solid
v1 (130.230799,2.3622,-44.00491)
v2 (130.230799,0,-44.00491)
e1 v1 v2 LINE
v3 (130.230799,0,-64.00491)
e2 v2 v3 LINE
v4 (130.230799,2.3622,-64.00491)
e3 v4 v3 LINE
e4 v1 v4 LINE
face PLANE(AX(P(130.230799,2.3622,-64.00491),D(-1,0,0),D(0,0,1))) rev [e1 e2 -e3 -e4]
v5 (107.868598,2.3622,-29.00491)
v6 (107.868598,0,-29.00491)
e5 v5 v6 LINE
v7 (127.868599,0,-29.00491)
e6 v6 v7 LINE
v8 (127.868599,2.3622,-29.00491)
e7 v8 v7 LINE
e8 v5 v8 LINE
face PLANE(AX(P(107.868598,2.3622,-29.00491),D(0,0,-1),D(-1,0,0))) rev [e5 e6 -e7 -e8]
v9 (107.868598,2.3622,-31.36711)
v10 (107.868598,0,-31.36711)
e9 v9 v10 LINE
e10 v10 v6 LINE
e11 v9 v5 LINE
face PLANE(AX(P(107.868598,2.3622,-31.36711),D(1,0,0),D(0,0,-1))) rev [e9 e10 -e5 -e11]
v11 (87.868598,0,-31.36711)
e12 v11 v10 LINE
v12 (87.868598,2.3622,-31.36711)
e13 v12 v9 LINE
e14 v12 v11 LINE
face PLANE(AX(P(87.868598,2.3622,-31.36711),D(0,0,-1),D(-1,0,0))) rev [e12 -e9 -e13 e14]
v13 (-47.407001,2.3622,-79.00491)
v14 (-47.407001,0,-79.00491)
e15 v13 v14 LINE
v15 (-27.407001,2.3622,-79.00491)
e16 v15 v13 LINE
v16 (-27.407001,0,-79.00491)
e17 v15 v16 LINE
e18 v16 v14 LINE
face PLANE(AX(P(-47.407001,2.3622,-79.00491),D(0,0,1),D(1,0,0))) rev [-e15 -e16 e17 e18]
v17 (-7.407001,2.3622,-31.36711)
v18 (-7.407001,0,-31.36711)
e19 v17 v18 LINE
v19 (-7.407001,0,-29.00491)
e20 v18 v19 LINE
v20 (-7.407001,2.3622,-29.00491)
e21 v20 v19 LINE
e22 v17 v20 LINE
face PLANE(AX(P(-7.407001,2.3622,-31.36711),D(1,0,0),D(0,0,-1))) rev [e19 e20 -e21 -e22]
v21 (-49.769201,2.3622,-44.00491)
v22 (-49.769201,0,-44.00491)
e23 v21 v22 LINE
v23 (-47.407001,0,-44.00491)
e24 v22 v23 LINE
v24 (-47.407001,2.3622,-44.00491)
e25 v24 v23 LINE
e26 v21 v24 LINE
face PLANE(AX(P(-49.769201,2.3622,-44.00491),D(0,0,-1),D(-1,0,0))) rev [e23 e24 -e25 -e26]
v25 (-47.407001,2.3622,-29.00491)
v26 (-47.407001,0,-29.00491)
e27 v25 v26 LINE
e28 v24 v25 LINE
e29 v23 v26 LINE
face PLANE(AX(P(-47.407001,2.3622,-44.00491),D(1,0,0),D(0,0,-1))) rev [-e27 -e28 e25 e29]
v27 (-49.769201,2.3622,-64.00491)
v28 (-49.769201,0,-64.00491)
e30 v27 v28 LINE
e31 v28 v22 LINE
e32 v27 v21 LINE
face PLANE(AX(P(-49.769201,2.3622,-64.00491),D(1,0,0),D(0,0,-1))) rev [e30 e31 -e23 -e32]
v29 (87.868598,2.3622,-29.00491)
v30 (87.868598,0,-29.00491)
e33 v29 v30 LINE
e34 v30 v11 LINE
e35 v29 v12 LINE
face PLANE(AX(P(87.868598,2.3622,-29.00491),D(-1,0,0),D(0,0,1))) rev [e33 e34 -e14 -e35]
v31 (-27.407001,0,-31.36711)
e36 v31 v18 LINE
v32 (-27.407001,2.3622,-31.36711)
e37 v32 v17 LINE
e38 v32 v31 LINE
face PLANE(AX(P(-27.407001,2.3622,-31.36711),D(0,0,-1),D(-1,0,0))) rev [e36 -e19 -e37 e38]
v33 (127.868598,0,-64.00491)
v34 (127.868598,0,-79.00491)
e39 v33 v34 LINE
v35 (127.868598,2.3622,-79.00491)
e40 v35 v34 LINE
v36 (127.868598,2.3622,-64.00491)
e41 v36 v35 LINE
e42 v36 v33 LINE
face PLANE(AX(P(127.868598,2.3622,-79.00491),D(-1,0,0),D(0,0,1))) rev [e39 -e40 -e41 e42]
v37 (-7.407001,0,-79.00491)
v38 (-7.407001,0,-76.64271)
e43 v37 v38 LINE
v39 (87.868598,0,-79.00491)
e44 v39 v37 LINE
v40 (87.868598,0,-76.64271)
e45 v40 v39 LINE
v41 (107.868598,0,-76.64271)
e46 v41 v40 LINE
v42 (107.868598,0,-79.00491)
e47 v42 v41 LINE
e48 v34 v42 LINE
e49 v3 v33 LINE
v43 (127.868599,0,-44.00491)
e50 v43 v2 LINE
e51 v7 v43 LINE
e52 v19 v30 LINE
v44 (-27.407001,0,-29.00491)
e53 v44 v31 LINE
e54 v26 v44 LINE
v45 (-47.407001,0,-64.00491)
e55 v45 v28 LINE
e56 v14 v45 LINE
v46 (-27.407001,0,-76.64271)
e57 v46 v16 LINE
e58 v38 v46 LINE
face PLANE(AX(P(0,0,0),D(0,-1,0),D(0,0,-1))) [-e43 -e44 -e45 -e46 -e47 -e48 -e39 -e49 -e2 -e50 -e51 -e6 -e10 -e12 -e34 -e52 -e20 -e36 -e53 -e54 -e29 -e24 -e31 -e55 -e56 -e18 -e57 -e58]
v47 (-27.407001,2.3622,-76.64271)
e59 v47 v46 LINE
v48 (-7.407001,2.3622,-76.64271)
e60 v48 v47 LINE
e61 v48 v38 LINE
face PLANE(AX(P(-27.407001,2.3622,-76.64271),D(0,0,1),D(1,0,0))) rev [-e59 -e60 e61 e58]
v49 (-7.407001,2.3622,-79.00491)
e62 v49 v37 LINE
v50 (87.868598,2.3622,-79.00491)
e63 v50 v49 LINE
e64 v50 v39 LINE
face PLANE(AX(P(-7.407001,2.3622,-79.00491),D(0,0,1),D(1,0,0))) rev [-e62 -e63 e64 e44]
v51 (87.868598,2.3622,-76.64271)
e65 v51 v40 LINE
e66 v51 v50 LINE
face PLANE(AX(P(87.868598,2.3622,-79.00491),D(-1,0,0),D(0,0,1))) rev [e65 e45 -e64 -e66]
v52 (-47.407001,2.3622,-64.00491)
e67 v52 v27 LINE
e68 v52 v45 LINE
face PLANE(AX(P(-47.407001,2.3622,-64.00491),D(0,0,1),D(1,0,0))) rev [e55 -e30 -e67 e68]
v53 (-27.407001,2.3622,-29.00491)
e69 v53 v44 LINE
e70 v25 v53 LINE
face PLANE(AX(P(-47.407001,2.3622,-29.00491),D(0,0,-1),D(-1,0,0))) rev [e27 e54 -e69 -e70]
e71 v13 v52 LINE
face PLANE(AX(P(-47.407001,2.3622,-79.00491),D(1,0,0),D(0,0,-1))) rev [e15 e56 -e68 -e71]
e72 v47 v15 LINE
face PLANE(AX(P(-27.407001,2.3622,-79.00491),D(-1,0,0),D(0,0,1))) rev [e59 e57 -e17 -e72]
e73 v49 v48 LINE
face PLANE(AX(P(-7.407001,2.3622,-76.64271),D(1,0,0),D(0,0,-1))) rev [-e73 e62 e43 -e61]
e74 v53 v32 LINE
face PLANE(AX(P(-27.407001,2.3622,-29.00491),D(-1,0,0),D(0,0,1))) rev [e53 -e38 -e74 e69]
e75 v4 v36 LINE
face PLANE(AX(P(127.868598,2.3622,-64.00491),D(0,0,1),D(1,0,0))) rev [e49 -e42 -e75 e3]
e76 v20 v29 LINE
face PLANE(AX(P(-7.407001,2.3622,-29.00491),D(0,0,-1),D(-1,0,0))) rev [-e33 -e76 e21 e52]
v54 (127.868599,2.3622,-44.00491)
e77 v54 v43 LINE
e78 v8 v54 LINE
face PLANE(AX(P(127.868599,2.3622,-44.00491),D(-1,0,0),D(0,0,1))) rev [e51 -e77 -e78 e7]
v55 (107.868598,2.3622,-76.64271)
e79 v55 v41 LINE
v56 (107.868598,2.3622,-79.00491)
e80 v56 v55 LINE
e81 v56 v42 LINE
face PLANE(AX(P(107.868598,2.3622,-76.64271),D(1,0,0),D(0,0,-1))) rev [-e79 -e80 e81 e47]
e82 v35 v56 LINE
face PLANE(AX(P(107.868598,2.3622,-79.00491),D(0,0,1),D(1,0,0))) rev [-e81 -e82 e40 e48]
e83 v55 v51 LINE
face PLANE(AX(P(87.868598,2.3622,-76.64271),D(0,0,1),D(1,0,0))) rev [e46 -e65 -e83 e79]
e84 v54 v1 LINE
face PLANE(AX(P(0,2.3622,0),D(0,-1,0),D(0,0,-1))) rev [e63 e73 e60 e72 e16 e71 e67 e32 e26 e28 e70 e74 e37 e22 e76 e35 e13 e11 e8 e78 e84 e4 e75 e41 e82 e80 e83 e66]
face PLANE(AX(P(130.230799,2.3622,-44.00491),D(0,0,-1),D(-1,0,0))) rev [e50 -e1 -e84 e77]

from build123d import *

# Parameters (mm, degrees)
BOSS_EXTRUDE1_DEPTH = 2.3622


with BuildPart() as part:
    # Sketch1 → Boss-Extrude1 (new body)
    with BuildSketch(Plane(origin=(0, 0, 0), x_dir=(1, 0, 0), z_dir=(0, 1, 0))):
        Polygon((-47.407001047, 79.004909759), (-27.407001047, 79.004909759), (-27.407001047, 76.642709759), (-7.407001047, 76.642709759), (-7.407001047, 79.004909759), (87.868597927, 79.004909759), (87.868597927, 76.642709759), (107.868597927, 76.642709759), (107.868597927, 79.004909759), (127.868597927, 79.004909759), (127.868597927, 64.004909759), (130.230798953, 64.004909759), (130.230798953, 44.004909759), (127.868598953, 44.004909759), (127.868598953, 29.004909759), (107.868597927, 29.004909759), (107.868597927, 31.367109759), (87.868597927, 31.367109759), (87.868597927, 29.004909759), (-7.407001047, 29.004909759), (-7.407001047, 31.367109759), (-27.407001047, 31.367109759), (-27.407001047, 29.004909759), (-47.407001047, 29.004909759), (-47.407001047, 44.004909759), (-49.769201047, 44.004909759), (-49.769201047, 64.004909759), (-47.407001047, 64.004909759), align=None)
    extrude(amount=BOSS_EXTRUDE1_DEPTH)


solid = part.part
